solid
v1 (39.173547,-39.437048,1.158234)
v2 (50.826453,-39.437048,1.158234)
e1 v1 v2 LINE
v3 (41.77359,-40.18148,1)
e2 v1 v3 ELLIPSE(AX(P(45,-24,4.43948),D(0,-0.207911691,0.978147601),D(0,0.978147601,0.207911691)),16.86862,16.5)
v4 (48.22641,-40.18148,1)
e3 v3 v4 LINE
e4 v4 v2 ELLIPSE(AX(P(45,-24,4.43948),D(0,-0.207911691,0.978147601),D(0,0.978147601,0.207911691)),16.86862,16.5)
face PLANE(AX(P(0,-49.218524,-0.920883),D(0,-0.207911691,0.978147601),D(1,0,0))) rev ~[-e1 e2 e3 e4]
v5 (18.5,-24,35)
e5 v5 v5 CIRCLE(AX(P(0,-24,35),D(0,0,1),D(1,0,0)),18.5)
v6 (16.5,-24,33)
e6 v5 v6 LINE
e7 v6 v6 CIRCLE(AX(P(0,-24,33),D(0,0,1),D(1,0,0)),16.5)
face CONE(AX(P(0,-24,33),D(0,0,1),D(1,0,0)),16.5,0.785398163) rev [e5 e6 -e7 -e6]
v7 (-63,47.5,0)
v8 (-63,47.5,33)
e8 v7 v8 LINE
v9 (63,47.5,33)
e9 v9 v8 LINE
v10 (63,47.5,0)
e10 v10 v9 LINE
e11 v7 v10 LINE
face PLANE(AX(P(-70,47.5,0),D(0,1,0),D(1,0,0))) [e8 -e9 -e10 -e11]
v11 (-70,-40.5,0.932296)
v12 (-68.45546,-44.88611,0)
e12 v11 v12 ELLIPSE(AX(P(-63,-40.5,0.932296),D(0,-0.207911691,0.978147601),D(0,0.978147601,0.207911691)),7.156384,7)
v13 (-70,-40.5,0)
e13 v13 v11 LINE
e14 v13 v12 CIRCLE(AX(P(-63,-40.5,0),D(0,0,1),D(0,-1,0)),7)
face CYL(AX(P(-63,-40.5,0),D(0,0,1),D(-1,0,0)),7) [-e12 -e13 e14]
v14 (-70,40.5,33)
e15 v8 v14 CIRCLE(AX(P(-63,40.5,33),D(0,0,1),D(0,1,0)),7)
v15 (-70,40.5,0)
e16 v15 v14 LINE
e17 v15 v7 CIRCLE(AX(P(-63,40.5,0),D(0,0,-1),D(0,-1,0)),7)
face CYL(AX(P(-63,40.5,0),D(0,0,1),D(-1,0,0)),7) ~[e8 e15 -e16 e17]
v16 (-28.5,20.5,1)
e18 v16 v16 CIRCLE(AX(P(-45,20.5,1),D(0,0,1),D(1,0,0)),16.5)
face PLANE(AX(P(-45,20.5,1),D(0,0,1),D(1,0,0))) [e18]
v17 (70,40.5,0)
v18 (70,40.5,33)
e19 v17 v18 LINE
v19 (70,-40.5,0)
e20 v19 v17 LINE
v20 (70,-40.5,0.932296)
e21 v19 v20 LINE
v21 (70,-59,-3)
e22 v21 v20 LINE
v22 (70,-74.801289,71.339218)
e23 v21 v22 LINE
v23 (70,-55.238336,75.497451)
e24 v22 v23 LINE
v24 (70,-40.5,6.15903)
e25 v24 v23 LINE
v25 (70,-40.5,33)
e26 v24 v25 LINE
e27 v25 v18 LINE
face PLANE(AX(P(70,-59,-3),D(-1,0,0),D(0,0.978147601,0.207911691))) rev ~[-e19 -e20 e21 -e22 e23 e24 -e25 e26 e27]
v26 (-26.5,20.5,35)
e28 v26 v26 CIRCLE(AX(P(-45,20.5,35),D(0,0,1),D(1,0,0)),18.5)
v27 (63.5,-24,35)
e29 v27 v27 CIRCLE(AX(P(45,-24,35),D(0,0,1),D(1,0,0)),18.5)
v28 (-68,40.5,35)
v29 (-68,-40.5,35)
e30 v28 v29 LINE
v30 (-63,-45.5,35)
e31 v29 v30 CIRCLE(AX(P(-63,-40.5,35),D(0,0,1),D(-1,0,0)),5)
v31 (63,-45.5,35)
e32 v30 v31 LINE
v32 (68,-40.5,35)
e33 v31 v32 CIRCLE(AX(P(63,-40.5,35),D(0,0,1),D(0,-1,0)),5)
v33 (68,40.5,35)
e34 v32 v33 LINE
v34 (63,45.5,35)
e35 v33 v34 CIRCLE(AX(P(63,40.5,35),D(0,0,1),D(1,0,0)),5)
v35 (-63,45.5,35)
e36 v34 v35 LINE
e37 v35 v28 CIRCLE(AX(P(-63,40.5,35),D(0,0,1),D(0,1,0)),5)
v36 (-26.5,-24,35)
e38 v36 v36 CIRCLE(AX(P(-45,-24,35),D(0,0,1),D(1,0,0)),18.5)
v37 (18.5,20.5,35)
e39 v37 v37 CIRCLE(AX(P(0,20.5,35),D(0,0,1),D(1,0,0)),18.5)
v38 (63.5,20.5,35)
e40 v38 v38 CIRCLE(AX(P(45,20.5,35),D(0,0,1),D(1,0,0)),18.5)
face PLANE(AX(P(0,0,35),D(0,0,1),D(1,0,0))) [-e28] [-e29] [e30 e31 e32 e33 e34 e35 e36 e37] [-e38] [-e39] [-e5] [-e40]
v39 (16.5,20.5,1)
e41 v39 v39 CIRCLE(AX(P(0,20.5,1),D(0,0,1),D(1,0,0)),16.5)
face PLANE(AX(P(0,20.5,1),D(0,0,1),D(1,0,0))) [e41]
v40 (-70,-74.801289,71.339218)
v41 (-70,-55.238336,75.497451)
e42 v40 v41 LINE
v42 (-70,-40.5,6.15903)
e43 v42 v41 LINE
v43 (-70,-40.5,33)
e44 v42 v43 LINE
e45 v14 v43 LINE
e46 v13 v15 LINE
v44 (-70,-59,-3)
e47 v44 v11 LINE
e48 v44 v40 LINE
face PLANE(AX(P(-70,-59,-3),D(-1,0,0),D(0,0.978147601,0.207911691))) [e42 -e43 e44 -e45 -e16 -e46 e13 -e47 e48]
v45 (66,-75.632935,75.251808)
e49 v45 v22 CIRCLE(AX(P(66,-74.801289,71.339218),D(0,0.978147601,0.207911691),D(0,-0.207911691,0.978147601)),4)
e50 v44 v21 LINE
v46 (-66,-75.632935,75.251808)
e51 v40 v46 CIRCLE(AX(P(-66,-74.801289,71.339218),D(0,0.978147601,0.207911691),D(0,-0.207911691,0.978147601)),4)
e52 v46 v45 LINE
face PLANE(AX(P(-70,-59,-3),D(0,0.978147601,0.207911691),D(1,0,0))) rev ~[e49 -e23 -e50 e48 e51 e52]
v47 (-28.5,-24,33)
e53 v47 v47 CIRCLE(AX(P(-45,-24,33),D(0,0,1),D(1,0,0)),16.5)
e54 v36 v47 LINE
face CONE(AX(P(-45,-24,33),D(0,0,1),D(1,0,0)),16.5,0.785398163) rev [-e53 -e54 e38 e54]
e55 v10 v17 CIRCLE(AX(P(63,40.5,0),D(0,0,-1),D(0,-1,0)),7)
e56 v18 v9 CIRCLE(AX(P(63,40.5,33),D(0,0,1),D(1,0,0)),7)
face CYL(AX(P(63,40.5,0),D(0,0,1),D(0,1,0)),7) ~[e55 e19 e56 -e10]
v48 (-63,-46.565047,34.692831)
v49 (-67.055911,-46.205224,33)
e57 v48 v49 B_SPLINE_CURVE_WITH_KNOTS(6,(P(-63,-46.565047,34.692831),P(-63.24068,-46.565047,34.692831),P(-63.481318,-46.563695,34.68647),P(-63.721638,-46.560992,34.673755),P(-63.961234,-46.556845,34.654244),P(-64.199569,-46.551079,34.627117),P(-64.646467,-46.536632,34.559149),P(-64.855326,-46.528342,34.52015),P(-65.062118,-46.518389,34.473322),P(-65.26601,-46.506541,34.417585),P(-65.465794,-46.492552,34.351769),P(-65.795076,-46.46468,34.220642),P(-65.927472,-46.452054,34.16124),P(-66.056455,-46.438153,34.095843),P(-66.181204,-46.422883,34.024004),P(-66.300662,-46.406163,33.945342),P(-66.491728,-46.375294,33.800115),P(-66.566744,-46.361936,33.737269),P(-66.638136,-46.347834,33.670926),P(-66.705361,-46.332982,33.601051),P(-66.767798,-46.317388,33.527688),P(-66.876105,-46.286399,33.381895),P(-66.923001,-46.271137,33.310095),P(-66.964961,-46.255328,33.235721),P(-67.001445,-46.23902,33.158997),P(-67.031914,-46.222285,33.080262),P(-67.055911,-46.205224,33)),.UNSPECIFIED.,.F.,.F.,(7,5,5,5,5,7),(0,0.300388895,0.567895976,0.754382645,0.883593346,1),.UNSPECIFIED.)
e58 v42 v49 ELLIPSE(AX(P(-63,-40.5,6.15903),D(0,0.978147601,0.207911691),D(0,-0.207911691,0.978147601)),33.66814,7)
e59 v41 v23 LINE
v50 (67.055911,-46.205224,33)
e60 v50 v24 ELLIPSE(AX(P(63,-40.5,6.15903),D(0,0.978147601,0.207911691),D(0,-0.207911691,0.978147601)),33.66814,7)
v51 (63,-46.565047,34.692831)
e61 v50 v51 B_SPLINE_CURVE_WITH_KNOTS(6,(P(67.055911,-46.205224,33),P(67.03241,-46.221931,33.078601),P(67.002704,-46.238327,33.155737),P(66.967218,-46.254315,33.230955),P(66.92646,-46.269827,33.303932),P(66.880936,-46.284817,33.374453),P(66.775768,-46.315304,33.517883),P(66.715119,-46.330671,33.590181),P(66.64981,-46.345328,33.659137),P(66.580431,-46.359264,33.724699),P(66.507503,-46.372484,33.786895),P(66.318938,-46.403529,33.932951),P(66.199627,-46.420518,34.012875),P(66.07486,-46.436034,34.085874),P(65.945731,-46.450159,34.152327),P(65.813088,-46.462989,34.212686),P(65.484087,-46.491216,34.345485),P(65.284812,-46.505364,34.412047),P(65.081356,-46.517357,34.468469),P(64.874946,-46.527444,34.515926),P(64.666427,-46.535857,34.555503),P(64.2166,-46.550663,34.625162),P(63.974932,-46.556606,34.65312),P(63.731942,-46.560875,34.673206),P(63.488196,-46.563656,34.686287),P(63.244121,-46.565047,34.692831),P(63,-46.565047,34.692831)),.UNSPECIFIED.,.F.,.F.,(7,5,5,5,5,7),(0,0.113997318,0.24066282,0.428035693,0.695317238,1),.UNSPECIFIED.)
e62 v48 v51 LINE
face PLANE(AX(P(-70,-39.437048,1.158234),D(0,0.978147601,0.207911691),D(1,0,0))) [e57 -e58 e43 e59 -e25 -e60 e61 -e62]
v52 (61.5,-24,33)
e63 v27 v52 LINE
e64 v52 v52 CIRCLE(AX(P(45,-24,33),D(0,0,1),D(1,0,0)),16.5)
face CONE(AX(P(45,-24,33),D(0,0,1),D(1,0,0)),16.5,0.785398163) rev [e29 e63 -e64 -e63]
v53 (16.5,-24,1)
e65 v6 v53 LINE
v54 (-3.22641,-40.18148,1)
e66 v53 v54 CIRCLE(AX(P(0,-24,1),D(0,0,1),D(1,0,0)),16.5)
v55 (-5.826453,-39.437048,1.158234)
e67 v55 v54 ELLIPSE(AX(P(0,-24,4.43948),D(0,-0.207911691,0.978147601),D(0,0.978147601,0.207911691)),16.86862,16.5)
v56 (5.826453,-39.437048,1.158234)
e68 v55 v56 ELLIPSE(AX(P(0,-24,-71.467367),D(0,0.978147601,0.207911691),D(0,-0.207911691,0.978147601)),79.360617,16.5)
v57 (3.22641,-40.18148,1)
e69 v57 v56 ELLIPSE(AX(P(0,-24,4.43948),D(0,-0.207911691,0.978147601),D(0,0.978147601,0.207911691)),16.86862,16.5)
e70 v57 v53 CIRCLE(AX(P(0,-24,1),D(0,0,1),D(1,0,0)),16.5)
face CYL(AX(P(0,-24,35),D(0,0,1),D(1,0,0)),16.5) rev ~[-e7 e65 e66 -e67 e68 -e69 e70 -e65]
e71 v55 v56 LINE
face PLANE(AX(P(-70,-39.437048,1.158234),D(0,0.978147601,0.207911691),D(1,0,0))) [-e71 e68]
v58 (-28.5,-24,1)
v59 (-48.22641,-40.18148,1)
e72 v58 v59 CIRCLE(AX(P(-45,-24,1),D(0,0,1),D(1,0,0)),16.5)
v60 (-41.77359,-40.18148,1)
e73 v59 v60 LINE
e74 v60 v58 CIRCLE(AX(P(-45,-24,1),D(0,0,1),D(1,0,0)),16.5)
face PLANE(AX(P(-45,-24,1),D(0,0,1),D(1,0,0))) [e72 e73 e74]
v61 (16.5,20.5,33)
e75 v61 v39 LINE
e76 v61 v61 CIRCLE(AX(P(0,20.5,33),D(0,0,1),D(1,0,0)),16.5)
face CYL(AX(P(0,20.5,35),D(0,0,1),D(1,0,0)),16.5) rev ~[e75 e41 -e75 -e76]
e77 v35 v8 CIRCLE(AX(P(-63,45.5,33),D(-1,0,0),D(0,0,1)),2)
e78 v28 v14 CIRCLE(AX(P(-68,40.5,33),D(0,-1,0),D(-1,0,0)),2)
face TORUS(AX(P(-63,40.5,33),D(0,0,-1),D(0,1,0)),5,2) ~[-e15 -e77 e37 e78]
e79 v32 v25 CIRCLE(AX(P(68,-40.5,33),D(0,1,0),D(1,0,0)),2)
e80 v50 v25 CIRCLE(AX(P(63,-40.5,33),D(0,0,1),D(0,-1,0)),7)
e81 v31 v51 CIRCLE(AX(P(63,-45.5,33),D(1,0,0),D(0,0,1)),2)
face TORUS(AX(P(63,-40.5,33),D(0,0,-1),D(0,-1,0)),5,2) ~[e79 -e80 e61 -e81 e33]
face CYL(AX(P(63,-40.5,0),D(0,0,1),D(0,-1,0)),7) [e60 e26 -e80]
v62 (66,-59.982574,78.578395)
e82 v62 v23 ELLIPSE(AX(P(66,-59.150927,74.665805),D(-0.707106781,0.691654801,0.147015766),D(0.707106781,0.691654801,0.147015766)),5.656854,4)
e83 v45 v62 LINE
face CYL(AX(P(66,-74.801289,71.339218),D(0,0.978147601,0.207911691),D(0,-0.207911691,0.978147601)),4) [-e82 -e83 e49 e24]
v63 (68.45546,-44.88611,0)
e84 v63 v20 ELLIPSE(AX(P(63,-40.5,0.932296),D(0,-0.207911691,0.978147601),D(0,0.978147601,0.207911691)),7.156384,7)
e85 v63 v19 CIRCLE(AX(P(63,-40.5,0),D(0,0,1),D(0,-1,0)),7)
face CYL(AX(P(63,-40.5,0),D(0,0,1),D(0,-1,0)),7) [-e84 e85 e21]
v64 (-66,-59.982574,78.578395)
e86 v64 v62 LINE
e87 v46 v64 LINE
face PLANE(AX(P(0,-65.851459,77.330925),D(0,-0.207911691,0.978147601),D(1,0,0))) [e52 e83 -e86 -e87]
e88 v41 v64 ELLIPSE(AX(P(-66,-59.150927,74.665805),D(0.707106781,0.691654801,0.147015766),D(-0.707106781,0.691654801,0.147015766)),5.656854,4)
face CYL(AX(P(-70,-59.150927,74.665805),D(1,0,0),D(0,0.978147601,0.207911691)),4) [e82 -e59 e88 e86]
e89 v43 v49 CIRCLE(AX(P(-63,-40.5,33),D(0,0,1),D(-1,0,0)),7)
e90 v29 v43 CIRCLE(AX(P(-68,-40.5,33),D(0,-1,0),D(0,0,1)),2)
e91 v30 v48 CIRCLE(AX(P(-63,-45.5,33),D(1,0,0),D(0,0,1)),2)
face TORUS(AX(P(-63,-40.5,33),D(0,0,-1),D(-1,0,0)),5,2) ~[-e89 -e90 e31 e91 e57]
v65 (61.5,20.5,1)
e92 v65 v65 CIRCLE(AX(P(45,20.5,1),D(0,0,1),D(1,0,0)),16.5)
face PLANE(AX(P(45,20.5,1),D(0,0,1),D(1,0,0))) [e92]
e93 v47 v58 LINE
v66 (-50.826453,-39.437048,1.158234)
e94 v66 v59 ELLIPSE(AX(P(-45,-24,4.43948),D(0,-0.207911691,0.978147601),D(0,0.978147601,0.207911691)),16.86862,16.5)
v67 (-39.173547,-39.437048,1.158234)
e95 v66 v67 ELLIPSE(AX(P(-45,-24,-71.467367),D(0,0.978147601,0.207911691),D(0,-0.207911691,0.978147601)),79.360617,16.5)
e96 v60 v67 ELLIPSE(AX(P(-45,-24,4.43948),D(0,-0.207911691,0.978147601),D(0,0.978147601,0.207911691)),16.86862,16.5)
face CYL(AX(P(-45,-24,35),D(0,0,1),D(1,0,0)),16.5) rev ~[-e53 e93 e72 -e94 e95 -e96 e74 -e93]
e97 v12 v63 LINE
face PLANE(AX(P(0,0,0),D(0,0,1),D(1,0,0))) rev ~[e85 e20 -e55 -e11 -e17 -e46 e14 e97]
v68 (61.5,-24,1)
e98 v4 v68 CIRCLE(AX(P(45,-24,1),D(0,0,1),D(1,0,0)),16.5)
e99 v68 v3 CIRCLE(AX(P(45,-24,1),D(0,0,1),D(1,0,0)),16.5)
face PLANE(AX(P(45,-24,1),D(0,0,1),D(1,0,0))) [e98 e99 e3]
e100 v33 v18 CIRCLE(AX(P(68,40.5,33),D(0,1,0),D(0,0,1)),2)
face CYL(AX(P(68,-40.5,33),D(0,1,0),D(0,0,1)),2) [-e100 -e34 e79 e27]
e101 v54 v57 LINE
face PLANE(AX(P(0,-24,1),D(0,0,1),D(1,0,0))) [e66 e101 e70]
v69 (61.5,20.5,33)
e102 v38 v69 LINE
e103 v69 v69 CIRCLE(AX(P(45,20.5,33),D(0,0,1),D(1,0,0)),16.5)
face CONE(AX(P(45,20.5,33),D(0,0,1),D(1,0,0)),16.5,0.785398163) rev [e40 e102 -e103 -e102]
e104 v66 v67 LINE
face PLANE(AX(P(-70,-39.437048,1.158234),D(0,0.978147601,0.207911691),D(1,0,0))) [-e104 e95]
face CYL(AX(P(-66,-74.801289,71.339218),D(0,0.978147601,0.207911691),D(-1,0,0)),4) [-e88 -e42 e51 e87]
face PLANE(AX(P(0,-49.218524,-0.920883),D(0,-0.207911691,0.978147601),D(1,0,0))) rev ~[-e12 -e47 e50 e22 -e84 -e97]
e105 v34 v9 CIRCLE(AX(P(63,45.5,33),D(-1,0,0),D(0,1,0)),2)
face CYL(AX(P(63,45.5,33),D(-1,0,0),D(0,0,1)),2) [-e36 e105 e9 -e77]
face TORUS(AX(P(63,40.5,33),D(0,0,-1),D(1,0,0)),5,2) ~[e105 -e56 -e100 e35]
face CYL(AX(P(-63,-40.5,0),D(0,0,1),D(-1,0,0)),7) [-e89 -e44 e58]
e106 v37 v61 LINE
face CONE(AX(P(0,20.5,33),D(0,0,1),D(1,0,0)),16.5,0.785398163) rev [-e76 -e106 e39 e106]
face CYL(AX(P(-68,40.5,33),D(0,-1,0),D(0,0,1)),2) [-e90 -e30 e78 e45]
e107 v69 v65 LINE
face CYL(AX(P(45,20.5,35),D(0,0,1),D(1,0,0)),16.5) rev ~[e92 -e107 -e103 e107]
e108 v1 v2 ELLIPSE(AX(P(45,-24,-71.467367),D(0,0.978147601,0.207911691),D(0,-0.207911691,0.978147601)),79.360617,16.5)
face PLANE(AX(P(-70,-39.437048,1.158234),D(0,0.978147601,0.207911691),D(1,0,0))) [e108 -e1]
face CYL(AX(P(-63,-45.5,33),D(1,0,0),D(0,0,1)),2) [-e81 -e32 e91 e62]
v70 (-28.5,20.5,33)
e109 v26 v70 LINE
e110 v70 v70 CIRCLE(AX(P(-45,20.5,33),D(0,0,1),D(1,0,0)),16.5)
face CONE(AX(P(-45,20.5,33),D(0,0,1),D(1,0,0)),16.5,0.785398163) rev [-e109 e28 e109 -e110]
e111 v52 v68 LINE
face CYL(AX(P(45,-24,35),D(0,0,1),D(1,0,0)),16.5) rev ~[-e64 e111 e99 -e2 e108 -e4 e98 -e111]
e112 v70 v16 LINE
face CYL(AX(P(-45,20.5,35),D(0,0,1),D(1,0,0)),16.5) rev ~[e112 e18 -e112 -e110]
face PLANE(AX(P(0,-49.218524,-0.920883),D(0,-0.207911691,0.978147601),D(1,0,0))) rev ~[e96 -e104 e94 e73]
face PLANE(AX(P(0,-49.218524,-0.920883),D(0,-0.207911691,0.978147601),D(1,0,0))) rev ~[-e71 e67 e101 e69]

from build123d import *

# Parameters (mm, degrees)
BOX_W          = 140
BOX_H          = 20
BOX_DEPTH      = 80
BOX_ROLL_ANGLE = 12
SKETCH_W       = 140
SKETCH_H       = 95
PAD_DEPTH      = 35
SKETCH001_R    = 16.5
POCKET_DEPTH   = 34
FILLET_R       = 7
FILLET001_R    = 2
CHAMFER_SIZE   = 2
FILLET002_R    = 4


with BuildPart() as cube:
    # Box → Box (new body)
    with BuildSketch(Plane.XY):
        with Locations((70, 10)):
            Rectangle(BOX_W, BOX_H)
    extrude(amount=BOX_DEPTH)


with BuildPart() as cube_1:
    # Box roll: moved
    add(cube.part.rotate(Axis((0, 0, 0), (1, 0, 0)), BOX_ROLL_ANGLE))


with BuildPart() as cube_2:
    # Box placement: moved
    add(cube_1.part.moved(Location((-70, -59, -3))))


with BuildPart() as fillet002:
    # Sketch → Pad (new body)
    with BuildSketch(Plane.XY):
        Rectangle(SKETCH_W, SKETCH_H)
    extrude(amount=PAD_DEPTH)

    # Sketch001 → Pocket (cut)
    with BuildSketch(Plane.XY.offset(35)):
        with Locations((-45, 20.5)):
            Circle(SKETCH001_R)
        with Locations((0, 20.5)):
            Circle(SKETCH001_R)
        with Locations((45, 20.5)):
            Circle(SKETCH001_R)
        with Locations((45, -24)):
            Circle(SKETCH001_R)
        with Locations((0, -24)):
            Circle(SKETCH001_R)
        with Locations((-45, -24)):
            Circle(SKETCH001_R)
    extrude(amount=-POCKET_DEPTH, mode=Mode.SUBTRACT)

    # Fillet
    fillet_edges = [fillet002.edges().sort_by_distance(p)[0] for p in [
        (-70, -47.5, 17.5),
        (70, -47.5, 17.5),
        (70, 47.5, 17.5),
        (-70, 47.5, 17.5),
    ]]
    fillet(fillet_edges, radius=FILLET_R)

    # Fillet001
    fillet001_edges = [fillet002.edges().sort_by_distance(p)[0] for p in [
        (0, -47.5, 35),
        (-70, 0, 35),
        (0, 47.5, 35),
        (70, 0, 35),
    ]]
    fillet(fillet001_edges, radius=FILLET001_R)

    # Chamfer
    chamfer_edges = [fillet002.edges().sort_by_distance(p)[0] for p in [
        (-61.5, -24, 35),
        (-61.5, 20.5, 35),
        (-16.5, 20.5, 35),
        (-16.5, -24, 35),
        (28.5, 20.5, 35),
        (28.5, -24, 35),
    ]]
    chamfer(chamfer_edges, length=CHAMFER_SIZE)

    # Fusion: union Cube
    add(cube_2.part)

    # Fillet002
    fillet002_edges = [fillet002.edges().sort_by_distance(p)[0] for p in [
        (70, -65.851459, 77.330925),
        (-70, -65.851459, 77.330925),
        (0, -56.069983, 79.410042),
    ]]
    fillet(fillet002_edges, radius=FILLET002_R)


solid = fillet002.part
